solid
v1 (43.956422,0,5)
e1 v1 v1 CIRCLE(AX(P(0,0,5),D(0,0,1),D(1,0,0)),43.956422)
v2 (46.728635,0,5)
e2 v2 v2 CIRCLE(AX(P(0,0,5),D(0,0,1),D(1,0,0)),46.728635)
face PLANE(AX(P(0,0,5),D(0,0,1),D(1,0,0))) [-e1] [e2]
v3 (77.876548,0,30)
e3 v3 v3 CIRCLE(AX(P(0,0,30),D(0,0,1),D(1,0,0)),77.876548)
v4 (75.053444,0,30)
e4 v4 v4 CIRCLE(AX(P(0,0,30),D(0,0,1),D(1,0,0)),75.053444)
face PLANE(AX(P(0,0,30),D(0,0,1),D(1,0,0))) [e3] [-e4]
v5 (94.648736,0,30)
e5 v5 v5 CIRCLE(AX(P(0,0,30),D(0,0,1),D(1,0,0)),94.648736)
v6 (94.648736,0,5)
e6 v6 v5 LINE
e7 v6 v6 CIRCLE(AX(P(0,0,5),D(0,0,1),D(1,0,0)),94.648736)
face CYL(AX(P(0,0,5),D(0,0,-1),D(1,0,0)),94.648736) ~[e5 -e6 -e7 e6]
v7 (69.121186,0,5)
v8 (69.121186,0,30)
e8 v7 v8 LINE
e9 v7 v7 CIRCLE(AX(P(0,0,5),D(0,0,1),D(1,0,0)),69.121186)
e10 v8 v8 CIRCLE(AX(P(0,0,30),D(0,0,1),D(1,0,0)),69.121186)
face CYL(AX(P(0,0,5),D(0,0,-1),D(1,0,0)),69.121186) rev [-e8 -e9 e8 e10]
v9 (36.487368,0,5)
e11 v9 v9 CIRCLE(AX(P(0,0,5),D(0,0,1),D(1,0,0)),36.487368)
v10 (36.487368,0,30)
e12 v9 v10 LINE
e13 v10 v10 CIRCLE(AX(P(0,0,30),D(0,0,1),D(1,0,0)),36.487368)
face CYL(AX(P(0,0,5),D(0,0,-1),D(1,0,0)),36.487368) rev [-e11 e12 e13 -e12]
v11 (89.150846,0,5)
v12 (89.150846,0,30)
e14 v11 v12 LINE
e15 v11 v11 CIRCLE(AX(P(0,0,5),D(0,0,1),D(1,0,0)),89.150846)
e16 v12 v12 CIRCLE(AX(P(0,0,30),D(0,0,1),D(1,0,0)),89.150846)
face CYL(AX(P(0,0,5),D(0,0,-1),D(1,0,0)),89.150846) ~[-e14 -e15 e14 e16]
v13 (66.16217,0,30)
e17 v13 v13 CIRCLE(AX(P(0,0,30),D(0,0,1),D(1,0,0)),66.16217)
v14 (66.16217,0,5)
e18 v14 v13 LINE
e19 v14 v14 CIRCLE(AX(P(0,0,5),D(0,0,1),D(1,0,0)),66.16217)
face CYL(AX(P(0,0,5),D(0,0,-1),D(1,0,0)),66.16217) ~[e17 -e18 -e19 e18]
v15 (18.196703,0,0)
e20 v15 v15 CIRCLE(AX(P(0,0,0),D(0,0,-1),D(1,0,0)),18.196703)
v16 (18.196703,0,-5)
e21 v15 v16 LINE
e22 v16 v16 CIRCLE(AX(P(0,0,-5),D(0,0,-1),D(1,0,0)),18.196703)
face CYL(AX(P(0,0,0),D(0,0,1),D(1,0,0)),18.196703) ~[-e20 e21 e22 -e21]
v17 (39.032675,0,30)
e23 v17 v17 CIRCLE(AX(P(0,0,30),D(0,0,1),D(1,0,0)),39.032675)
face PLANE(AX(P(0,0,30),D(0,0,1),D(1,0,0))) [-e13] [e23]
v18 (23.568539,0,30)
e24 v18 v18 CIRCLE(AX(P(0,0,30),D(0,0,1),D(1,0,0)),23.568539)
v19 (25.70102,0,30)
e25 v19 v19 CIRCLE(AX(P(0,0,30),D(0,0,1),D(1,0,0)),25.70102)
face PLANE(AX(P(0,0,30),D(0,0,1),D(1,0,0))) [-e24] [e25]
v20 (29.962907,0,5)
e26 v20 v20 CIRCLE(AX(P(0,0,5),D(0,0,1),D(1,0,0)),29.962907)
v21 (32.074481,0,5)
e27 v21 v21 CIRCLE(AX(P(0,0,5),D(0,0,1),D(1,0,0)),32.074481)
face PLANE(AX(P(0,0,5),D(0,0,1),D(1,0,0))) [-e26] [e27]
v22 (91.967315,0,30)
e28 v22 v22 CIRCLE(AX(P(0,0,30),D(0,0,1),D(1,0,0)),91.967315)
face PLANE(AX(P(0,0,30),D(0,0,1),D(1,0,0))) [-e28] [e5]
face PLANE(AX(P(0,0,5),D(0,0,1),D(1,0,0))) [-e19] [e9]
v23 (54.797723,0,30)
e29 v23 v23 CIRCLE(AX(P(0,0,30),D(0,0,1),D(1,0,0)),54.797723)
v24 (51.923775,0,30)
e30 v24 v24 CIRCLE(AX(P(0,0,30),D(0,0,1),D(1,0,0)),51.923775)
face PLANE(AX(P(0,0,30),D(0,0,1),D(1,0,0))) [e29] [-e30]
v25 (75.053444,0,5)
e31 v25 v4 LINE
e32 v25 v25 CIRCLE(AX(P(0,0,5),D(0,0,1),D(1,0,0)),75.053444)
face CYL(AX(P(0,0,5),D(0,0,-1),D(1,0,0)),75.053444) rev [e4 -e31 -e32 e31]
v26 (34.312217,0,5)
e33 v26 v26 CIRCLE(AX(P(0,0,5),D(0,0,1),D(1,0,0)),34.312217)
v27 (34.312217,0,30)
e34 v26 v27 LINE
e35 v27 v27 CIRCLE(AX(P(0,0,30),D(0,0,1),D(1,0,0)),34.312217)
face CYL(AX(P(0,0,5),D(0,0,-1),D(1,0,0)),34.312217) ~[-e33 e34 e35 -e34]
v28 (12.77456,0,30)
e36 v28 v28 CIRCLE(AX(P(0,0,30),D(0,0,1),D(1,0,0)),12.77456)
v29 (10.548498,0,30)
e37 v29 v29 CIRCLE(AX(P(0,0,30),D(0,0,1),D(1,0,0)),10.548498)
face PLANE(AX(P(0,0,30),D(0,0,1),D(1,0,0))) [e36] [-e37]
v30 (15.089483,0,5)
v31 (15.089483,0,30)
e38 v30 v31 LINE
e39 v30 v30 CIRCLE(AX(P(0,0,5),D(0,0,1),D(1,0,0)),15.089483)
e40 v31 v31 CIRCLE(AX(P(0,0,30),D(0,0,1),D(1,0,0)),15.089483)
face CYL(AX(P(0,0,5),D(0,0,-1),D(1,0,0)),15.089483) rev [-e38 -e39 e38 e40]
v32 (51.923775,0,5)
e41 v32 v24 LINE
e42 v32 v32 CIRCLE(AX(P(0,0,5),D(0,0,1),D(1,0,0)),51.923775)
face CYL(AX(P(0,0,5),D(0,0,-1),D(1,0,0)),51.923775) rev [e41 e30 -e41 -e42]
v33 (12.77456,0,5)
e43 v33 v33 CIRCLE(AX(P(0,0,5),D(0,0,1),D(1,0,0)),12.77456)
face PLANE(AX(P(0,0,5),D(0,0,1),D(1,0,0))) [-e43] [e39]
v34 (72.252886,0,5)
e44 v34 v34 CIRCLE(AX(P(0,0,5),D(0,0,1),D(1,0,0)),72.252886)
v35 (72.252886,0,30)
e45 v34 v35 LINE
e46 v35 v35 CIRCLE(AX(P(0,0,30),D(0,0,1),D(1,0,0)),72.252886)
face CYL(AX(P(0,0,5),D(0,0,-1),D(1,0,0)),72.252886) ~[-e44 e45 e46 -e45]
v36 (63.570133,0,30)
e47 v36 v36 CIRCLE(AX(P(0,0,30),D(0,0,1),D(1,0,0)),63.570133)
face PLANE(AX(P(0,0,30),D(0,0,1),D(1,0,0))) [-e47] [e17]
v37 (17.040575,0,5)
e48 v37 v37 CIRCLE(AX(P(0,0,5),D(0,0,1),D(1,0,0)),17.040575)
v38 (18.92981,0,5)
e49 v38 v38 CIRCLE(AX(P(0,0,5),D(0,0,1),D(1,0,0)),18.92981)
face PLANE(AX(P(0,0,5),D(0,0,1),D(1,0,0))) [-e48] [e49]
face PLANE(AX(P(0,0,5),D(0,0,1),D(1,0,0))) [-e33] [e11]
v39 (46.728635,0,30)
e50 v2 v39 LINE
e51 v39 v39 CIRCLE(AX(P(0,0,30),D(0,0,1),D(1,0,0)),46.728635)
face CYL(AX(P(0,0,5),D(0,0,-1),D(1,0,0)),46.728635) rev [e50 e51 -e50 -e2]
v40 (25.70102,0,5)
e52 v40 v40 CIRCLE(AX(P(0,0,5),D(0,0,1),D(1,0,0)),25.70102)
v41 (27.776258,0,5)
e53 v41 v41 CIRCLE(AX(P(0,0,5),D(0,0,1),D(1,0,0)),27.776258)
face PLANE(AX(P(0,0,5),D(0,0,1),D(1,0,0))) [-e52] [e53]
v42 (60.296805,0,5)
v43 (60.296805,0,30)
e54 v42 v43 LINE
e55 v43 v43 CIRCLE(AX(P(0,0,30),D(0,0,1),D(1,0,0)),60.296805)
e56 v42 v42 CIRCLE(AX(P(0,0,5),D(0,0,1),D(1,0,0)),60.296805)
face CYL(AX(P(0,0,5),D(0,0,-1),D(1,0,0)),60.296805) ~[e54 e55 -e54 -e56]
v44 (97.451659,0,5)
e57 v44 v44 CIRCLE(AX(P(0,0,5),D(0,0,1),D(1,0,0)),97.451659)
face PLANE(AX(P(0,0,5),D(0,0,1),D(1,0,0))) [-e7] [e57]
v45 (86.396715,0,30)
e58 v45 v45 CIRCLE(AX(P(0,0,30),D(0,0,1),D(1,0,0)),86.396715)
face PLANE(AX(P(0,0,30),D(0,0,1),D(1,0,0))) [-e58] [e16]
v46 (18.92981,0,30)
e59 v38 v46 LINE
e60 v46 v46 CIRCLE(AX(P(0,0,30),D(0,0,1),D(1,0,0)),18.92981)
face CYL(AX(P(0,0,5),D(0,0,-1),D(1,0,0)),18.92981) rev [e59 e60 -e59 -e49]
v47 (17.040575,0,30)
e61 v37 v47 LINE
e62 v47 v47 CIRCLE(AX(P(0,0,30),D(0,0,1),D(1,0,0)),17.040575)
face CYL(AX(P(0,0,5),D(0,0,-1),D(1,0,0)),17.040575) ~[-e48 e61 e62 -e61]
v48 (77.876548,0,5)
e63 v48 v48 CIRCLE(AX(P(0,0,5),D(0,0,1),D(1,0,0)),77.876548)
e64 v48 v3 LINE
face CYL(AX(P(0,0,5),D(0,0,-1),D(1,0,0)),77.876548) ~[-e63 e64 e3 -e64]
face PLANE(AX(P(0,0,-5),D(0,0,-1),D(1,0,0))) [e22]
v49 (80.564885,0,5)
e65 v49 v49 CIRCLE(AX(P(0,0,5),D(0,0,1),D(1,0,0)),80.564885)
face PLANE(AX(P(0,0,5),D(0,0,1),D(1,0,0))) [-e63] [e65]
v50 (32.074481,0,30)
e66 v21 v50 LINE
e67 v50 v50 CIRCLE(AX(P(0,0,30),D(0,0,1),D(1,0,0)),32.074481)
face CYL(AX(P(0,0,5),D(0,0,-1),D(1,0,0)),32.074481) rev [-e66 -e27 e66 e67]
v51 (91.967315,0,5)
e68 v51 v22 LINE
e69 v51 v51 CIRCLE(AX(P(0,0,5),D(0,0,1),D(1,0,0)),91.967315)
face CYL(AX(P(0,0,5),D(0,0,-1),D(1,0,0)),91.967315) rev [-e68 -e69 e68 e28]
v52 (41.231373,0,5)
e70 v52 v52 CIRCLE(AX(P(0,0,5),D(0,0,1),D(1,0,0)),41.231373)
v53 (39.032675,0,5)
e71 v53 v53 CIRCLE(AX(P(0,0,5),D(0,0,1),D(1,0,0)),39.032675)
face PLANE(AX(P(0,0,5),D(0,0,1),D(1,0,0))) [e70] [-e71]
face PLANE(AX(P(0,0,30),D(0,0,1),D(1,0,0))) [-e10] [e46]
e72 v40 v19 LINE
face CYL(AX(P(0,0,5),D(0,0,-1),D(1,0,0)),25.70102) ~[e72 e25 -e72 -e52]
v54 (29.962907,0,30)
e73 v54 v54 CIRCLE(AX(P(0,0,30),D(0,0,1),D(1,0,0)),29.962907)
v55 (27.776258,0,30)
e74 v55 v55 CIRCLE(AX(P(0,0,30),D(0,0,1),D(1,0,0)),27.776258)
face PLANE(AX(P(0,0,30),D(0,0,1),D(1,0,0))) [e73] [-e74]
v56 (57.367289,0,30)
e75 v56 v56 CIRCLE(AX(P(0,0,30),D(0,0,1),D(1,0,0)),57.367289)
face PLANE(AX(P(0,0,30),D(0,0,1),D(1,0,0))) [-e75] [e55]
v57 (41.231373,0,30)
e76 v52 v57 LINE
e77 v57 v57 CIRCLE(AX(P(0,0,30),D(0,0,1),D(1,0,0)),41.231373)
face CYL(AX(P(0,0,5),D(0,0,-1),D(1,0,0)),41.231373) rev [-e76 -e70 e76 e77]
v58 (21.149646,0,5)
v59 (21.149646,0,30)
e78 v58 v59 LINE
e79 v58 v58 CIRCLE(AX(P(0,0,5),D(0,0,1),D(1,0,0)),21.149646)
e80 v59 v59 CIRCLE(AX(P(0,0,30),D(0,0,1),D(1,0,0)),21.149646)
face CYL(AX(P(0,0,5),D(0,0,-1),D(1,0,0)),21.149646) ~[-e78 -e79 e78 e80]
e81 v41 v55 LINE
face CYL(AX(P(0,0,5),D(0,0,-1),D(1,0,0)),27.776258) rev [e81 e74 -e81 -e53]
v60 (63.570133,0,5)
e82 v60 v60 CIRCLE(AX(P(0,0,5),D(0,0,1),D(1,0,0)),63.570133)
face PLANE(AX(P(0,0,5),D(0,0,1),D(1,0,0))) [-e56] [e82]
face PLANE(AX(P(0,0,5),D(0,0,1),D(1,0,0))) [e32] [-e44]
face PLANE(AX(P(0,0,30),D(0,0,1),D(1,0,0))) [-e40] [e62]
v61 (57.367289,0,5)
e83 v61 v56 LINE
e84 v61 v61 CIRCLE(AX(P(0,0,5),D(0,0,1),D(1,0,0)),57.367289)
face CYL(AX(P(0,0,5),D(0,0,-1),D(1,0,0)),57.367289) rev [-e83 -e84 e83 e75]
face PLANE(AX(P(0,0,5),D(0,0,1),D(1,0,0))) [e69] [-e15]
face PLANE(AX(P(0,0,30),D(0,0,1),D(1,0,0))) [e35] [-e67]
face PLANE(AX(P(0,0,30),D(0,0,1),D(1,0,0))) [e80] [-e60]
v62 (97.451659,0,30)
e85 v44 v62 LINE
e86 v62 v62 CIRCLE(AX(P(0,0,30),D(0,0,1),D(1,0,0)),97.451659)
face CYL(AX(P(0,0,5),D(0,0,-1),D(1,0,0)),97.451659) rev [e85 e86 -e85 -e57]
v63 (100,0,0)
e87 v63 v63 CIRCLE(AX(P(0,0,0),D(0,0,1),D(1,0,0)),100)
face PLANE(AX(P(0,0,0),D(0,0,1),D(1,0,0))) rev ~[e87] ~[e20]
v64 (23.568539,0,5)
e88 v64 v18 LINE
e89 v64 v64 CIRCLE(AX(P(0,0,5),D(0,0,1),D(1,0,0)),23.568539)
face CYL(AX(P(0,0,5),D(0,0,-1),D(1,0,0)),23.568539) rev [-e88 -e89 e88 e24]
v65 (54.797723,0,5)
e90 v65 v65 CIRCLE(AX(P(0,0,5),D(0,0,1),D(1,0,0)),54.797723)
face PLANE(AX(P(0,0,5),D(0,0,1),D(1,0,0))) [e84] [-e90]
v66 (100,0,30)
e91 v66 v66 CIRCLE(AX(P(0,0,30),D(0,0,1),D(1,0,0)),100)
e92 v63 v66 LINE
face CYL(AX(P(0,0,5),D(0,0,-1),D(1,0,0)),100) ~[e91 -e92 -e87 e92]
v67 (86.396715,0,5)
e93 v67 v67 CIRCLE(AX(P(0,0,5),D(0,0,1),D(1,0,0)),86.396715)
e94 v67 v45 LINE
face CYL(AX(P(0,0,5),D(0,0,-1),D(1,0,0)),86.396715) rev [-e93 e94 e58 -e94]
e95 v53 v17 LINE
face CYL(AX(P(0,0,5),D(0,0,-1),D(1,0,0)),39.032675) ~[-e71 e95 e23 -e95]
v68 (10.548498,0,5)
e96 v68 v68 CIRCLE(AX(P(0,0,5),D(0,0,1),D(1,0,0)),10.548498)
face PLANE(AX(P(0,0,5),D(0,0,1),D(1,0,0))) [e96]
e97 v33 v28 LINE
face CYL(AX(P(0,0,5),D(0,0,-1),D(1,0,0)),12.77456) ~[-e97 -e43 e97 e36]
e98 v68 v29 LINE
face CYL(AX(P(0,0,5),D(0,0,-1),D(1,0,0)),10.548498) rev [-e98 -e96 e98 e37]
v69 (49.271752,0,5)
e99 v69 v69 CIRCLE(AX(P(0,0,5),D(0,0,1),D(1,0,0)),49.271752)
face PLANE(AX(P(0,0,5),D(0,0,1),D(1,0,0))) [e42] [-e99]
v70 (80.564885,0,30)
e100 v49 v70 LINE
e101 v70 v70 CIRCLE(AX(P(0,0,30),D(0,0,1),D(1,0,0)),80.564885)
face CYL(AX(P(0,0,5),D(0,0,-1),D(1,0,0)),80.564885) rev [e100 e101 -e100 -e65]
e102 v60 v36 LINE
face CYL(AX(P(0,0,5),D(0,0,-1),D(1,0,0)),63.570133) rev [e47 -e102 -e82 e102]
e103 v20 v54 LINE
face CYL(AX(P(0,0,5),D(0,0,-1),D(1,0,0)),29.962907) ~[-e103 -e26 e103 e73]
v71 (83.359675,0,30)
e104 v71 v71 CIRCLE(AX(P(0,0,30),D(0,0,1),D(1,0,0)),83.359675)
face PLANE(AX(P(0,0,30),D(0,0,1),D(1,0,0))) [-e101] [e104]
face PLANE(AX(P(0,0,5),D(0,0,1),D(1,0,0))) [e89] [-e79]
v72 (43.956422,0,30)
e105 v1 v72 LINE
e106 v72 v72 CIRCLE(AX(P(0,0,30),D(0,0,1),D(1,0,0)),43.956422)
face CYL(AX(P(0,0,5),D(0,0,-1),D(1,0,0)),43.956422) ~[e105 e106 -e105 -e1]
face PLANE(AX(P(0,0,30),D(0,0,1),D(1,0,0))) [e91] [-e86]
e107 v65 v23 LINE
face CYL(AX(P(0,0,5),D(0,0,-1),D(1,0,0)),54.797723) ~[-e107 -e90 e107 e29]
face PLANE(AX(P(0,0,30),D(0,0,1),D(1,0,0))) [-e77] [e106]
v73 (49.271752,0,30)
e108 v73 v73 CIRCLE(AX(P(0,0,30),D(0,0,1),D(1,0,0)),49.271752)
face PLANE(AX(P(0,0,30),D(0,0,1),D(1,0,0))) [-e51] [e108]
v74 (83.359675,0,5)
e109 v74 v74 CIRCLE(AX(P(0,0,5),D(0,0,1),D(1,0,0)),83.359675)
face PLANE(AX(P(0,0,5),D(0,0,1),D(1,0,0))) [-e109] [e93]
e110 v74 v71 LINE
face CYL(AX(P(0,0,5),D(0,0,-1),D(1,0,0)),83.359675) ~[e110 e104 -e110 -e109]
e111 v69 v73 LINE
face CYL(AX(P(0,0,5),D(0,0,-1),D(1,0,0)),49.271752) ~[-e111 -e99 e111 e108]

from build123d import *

# Parameters (mm, degrees)
F0_R     = 100
F1_DEPTH = 5
F2_R     = 100
F2_R_2   = 97.451659
F2_R_3   = 94.648736
F2_R_4   = 91.967315
F2_R_5   = 89.150846
F2_R_6   = 86.396715
F2_R_7   = 83.359675
F2_R_8   = 80.564885
F2_R_9   = 77.876548
F2_R_10  = 75.053444
F2_R_11  = 72.252886
F2_R_12  = 69.121186
F2_R_13  = 66.16217
F2_R_14  = 63.570133
F2_R_15  = 60.296805
F2_R_16  = 57.367289
F2_R_17  = 54.797723
F2_R_18  = 51.923775
F2_R_19  = 49.271752
F2_R_20  = 46.728635
F2_R_21  = 43.956422
F2_R_22  = 41.231373
F2_R_23  = 39.032675
F2_R_24  = 36.487368
F2_R_25  = 34.312217
F2_R_26  = 32.074481
F2_R_27  = 29.962907
F2_R_28  = 27.776258
F2_R_29  = 25.70102
F2_R_30  = 23.568539
F2_R_31  = 21.149646
F2_R_32  = 18.92981
F2_R_33  = 17.040575
F2_R_34  = 15.089483
F2_R_35  = 12.77456
F2_R_36  = 10.548498
F3_DEPTH = 25
F4_R     = 18.196703
F5_DEPTH = 5


with BuildPart() as f1:
    # F0 (on Top) → F1 (new body)
    with BuildSketch(Plane.XY):
        Circle(F0_R)
    extrude(amount=F1_DEPTH)

    # F2 (on face) → F3 (join)
    with BuildSketch(Plane.XY.offset(5)):
        Circle(F2_R)
        Circle(F2_R_2, mode=Mode.SUBTRACT)
        Circle(F2_R_3)
        Circle(F2_R_4, mode=Mode.SUBTRACT)
        Circle(F2_R_5)
        Circle(F2_R_6, mode=Mode.SUBTRACT)
        Circle(F2_R_7)
        Circle(F2_R_8, mode=Mode.SUBTRACT)
        Circle(F2_R_9)
        Circle(F2_R_10, mode=Mode.SUBTRACT)
        Circle(F2_R_11)
        Circle(F2_R_12, mode=Mode.SUBTRACT)
        Circle(F2_R_13)
        Circle(F2_R_14, mode=Mode.SUBTRACT)
        Circle(F2_R_15)
        Circle(F2_R_16, mode=Mode.SUBTRACT)
        Circle(F2_R_17)
        Circle(F2_R_18, mode=Mode.SUBTRACT)
        Circle(F2_R_19)
        Circle(F2_R_20, mode=Mode.SUBTRACT)
        Circle(F2_R_21)
        Circle(F2_R_22, mode=Mode.SUBTRACT)
        Circle(F2_R_23)
        Circle(F2_R_24, mode=Mode.SUBTRACT)
        Circle(F2_R_25)
        Circle(F2_R_26, mode=Mode.SUBTRACT)
        Circle(F2_R_27)
        Circle(F2_R_28, mode=Mode.SUBTRACT)
        Circle(F2_R_29)
        Circle(F2_R_30, mode=Mode.SUBTRACT)
        Circle(F2_R_31)
        Circle(F2_R_32, mode=Mode.SUBTRACT)
        Circle(F2_R_33)
        Circle(F2_R_34, mode=Mode.SUBTRACT)
        Circle(F2_R_35)
        Circle(F2_R_36, mode=Mode.SUBTRACT)
    extrude(amount=F3_DEPTH)

    # F4 (on face) → F5 (join)
    with BuildSketch(Plane(origin=(0, 0, 0), x_dir=(1, 0, 0), z_dir=(0, 0, -1))):
        Circle(F4_R)
    extrude(amount=F5_DEPTH)


solid = f1.part
